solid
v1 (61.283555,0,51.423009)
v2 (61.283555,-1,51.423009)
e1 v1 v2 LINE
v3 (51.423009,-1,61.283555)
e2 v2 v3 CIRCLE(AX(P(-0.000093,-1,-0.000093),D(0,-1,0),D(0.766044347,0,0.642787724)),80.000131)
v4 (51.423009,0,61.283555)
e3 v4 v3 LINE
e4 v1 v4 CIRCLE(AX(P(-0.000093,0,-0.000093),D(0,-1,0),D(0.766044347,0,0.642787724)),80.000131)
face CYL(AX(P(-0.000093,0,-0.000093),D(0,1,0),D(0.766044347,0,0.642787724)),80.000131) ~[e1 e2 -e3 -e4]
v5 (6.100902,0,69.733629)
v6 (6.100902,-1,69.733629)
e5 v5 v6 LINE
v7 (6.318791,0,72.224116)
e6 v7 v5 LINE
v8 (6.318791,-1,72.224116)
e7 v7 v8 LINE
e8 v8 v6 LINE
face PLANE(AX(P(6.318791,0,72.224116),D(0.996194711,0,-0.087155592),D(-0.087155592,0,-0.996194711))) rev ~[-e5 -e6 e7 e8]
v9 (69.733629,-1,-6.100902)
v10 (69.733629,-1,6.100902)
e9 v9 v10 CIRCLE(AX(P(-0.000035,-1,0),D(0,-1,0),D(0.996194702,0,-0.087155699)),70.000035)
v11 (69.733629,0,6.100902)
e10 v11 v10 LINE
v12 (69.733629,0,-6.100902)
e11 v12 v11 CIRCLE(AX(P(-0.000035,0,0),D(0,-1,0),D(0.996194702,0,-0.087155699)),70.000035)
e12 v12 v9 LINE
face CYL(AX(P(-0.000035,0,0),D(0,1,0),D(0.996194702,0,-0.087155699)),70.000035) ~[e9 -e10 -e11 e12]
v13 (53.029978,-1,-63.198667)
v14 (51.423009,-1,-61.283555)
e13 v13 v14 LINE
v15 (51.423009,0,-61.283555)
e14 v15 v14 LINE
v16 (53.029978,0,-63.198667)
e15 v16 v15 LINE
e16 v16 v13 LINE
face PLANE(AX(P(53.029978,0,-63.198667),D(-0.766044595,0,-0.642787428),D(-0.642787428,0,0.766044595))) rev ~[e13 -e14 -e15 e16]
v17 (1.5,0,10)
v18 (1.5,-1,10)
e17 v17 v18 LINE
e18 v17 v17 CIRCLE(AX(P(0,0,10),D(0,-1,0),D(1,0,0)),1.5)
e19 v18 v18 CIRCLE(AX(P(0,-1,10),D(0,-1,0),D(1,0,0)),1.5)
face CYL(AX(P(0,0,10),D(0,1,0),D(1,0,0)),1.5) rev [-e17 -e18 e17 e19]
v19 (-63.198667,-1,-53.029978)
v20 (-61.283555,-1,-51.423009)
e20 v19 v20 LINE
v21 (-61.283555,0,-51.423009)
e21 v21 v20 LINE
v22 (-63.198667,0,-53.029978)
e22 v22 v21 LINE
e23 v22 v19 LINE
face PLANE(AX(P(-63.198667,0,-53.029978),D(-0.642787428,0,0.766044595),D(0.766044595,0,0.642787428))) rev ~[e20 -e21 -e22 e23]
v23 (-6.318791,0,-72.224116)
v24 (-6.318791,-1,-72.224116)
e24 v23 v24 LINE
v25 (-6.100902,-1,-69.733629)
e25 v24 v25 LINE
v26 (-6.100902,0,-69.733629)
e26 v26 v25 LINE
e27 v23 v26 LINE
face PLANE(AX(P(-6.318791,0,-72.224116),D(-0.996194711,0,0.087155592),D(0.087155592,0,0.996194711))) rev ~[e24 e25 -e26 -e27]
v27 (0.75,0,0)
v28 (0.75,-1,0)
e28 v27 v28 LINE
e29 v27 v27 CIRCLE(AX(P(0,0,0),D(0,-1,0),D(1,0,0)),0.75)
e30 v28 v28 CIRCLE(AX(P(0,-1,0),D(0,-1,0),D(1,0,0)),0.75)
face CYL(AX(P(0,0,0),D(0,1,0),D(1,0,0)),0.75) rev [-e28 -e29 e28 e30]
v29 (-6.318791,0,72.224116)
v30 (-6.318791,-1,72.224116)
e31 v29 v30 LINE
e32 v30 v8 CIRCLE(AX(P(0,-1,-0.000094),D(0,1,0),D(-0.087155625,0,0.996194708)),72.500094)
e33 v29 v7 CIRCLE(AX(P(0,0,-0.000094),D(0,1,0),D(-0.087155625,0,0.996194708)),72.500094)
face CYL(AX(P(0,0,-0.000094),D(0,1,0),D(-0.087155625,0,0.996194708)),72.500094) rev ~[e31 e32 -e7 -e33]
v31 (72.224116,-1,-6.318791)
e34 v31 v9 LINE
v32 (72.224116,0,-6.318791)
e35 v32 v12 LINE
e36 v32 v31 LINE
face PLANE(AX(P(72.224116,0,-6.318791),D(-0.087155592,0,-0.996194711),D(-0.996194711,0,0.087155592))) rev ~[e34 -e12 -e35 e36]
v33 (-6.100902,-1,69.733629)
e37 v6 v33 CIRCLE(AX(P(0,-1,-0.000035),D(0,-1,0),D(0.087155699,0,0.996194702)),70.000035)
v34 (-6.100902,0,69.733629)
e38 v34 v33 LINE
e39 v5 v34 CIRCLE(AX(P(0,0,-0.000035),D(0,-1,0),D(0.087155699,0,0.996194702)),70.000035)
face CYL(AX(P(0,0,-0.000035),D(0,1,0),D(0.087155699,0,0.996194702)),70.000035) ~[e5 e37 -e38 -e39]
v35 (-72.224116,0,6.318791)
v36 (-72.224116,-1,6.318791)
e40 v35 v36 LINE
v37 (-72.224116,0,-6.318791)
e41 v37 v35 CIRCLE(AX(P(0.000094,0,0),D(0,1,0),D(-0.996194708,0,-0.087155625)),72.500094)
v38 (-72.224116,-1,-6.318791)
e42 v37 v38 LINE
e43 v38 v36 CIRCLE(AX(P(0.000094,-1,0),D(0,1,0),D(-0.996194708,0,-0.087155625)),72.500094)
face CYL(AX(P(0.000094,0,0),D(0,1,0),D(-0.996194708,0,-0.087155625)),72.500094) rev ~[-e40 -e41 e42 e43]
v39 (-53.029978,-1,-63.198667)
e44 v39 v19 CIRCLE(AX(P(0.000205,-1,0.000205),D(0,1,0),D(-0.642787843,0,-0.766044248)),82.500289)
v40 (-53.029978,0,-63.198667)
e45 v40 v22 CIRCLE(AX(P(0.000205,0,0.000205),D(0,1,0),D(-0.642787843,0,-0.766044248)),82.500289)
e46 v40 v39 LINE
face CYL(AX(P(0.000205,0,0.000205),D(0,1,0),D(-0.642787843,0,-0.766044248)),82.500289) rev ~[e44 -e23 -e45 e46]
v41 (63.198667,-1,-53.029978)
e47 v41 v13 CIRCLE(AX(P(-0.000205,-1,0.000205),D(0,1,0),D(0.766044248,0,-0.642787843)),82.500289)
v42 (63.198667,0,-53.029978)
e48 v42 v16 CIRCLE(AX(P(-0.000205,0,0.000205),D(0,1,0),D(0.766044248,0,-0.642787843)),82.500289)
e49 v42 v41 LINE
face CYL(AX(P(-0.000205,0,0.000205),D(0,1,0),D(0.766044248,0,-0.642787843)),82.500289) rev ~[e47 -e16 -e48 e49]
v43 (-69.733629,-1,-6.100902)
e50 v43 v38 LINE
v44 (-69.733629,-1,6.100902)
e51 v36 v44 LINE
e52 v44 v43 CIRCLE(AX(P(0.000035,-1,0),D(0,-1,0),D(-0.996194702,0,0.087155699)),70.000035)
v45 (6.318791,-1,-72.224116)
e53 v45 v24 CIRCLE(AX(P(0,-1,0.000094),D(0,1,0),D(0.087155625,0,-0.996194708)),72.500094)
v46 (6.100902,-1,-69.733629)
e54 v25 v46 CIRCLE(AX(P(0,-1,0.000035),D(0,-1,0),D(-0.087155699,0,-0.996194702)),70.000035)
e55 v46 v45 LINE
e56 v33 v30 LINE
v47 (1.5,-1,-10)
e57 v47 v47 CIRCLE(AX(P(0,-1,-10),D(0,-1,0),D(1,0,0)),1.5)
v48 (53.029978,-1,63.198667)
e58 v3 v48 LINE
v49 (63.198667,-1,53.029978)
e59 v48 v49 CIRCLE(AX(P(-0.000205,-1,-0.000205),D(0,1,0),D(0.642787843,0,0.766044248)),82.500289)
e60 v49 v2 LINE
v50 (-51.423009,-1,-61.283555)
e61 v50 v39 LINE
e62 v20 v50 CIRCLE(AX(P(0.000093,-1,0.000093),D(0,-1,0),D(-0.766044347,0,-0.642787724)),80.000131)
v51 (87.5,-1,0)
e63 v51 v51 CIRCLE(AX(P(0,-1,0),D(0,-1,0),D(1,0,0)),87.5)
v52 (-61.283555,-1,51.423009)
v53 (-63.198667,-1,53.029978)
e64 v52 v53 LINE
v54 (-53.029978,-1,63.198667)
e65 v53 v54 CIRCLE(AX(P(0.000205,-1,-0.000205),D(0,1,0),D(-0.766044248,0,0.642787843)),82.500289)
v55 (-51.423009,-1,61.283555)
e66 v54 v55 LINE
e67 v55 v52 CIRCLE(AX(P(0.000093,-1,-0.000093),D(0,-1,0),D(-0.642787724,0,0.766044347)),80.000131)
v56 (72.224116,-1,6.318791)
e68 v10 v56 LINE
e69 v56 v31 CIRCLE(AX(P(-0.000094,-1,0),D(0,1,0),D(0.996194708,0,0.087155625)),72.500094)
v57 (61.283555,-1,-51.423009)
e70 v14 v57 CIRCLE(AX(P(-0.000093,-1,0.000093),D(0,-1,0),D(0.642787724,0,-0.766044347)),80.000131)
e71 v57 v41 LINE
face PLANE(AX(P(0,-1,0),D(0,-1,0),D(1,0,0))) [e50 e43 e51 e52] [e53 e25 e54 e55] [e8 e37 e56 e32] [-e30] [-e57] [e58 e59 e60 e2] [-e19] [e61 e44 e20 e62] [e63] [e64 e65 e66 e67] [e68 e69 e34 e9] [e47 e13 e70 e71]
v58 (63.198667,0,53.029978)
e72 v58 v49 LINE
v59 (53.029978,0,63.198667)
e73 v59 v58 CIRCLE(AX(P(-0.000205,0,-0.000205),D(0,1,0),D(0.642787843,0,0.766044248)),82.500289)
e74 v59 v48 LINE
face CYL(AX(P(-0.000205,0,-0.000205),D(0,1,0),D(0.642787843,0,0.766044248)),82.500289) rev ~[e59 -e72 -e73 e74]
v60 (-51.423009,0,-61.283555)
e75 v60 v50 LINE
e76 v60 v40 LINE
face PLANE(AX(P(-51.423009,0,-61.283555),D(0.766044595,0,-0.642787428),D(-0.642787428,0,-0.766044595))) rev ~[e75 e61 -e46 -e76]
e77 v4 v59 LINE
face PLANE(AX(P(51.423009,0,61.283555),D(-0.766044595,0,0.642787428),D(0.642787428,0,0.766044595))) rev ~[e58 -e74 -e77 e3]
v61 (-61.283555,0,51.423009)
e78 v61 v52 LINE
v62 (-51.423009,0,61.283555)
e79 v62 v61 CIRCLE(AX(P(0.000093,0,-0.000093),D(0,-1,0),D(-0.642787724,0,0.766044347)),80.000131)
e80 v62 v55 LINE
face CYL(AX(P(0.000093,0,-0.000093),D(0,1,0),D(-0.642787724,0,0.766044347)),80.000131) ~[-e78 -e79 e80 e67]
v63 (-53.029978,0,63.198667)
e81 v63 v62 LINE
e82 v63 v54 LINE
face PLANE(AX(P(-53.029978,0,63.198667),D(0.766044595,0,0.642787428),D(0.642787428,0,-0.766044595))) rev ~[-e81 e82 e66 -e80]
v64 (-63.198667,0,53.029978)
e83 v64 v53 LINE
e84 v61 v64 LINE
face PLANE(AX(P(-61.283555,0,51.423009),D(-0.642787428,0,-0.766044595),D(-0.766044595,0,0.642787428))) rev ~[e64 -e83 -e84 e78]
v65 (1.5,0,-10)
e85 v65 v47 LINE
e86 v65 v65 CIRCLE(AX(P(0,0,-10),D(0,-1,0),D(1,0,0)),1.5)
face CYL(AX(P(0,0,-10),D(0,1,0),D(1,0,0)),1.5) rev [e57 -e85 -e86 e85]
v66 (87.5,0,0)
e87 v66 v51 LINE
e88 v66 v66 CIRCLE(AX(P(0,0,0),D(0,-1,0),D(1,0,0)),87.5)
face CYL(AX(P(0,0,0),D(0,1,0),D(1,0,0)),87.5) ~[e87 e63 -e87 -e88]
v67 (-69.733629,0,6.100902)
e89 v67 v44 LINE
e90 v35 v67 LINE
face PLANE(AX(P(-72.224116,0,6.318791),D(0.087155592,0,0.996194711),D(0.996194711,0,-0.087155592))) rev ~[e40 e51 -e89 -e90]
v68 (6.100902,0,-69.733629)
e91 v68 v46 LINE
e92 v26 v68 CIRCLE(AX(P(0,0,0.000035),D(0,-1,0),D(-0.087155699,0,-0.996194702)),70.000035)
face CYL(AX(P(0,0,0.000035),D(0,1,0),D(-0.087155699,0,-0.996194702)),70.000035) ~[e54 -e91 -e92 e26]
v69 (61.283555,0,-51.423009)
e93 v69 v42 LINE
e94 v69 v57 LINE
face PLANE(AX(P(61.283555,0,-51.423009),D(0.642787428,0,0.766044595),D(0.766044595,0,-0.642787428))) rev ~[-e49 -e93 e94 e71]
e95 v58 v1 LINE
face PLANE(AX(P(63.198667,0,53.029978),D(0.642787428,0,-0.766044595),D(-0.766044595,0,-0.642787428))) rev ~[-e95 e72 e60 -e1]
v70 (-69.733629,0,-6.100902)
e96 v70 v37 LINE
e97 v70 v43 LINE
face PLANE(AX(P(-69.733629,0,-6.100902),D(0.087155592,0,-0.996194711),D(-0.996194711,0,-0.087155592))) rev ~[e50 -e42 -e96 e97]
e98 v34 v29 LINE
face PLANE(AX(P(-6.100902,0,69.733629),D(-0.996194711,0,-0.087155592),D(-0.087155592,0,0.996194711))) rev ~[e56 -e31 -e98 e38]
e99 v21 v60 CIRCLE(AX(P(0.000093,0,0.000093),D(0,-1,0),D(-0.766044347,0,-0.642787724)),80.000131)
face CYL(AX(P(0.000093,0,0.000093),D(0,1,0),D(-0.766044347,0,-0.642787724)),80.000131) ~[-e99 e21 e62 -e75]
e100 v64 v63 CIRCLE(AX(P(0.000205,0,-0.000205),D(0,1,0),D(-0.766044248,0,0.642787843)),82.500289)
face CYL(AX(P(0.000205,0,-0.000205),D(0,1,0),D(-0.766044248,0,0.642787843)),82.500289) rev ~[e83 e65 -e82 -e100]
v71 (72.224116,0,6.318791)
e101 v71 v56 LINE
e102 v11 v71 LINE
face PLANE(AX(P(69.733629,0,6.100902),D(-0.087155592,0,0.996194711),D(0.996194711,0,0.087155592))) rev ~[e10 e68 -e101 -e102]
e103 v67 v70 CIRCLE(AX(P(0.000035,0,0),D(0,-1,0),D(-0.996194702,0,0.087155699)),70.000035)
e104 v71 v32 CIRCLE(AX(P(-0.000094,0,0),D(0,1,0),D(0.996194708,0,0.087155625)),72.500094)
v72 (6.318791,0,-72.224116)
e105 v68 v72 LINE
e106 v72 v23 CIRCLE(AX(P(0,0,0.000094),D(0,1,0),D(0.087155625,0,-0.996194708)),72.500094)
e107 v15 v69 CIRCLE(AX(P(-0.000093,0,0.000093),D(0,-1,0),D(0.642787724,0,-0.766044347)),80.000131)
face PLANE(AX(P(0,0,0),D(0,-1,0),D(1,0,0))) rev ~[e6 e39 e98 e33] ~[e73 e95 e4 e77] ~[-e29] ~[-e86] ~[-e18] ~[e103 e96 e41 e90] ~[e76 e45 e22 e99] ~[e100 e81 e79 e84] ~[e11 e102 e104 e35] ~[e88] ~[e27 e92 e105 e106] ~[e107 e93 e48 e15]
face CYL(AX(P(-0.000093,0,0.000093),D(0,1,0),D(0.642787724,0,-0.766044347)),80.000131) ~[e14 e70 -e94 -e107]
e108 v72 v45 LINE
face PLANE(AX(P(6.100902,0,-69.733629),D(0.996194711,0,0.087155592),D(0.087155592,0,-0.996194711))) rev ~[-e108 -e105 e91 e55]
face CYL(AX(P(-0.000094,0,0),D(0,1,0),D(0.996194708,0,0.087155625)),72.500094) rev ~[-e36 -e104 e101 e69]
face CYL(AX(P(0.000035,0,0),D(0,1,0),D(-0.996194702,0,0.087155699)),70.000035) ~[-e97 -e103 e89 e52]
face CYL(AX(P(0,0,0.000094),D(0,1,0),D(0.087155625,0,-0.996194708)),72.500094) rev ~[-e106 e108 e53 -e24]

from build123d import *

# Parameters (mm, degrees)
F0_R     = 87.5
F0_R_2   = 1.5
F0_R_3   = 0.75
F1_DEPTH = 1


with BuildPart() as f1:
    # F0 (on Front) → F1 (new body)
    with BuildSketch(Plane.XZ):
        Circle(F0_R)
        with BuildLine():
            ThreePointArc((-53.029978, -63.198667), (-58.336309, -58.336309), (-63.198667, -53.029978))
            Line((-63.198667, -53.029978), (-61.283555, -51.423009))
            ThreePointArc((-61.283555, -51.423009), (-56.568542, -56.568542), (-51.423009, -61.283555))
            Line((-51.423009, -61.283555), (-53.029978, -63.198667))
        make_face(mode=Mode.SUBTRACT)
        with BuildLine():
            ThreePointArc((-72.224116, -6.318791), (-72.5, 0), (-72.224116, 6.318791))
            Line((-72.224116, 6.318791), (-69.733629, 6.100902))
            ThreePointArc((-69.733629, 6.100902), (-70, 0), (-69.733629, -6.100902))
            Line((-69.733629, -6.100902), (-72.224116, -6.318791))
        make_face(mode=Mode.SUBTRACT)
        with BuildLine():
            Line((-6.318791, -72.224116), (-6.100902, -69.733629))
            ThreePointArc((-6.100902, -69.733629), (0, -70), (6.100902, -69.733629))
            Line((6.100902, -69.733629), (6.318791, -72.224116))
            ThreePointArc((6.318791, -72.224116), (0, -72.5), (-6.318791, -72.224116))
        make_face(mode=Mode.SUBTRACT)
        with BuildLine():
            Line((53.029978, -63.198667), (51.423009, -61.283555))
            ThreePointArc((51.423009, -61.283555), (56.568542, -56.568542), (61.283555, -51.423009))
            Line((61.283555, -51.423009), (63.198667, -53.029978))
            ThreePointArc((63.198667, -53.029978), (58.336309, -58.336309), (53.029978, -63.198667))
        make_face(mode=Mode.SUBTRACT)
        with Locations((0, -10)):
            Circle(F0_R_2, mode=Mode.SUBTRACT)
        with BuildLine():
            ThreePointArc((-63.198667, 53.029978), (-58.336309, 58.336309), (-53.029978, 63.198667))
            Line((-53.029978, 63.198667), (-51.423009, 61.283555))
            ThreePointArc((-51.423009, 61.283555), (-56.568542, 56.568542), (-61.283555, 51.423009))
            Line((-61.283555, 51.423009), (-63.198667, 53.029978))
        make_face(mode=Mode.SUBTRACT)
        with BuildLine():
            ThreePointArc((-6.318791, 72.224116), (0, 72.5), (6.318791, 72.224116))
            Line((6.318791, 72.224116), (6.100902, 69.733629))
            ThreePointArc((6.100902, 69.733629), (0, 70), (-6.100902, 69.733629))
            Line((-6.100902, 69.733629), (-6.318791, 72.224116))
        make_face(mode=Mode.SUBTRACT)
        Circle(F0_R_3, mode=Mode.SUBTRACT)
        with Locations((0, 10)):
            Circle(F0_R_2, mode=Mode.SUBTRACT)
        with BuildLine():
            ThreePointArc((72.224116, 6.318791), (72.5, 0), (72.224116, -6.318791))
            Line((72.224116, -6.318791), (69.733629, -6.100902))
            ThreePointArc((69.733629, -6.100902), (70, 0), (69.733629, 6.100902))
            Line((69.733629, 6.100902), (72.224116, 6.318791))
        make_face(mode=Mode.SUBTRACT)
        with BuildLine():
            ThreePointArc((53.029978, 63.198667), (58.336309, 58.336309), (63.198667, 53.029978))
            Line((63.198667, 53.029978), (61.283555, 51.423009))
            ThreePointArc((61.283555, 51.423009), (56.568542, 56.568542), (51.423009, 61.283555))
            Line((51.423009, 61.283555), (53.029978, 63.198667))
        make_face(mode=Mode.SUBTRACT)
    extrude(amount=F1_DEPTH)


solid = f1.part
